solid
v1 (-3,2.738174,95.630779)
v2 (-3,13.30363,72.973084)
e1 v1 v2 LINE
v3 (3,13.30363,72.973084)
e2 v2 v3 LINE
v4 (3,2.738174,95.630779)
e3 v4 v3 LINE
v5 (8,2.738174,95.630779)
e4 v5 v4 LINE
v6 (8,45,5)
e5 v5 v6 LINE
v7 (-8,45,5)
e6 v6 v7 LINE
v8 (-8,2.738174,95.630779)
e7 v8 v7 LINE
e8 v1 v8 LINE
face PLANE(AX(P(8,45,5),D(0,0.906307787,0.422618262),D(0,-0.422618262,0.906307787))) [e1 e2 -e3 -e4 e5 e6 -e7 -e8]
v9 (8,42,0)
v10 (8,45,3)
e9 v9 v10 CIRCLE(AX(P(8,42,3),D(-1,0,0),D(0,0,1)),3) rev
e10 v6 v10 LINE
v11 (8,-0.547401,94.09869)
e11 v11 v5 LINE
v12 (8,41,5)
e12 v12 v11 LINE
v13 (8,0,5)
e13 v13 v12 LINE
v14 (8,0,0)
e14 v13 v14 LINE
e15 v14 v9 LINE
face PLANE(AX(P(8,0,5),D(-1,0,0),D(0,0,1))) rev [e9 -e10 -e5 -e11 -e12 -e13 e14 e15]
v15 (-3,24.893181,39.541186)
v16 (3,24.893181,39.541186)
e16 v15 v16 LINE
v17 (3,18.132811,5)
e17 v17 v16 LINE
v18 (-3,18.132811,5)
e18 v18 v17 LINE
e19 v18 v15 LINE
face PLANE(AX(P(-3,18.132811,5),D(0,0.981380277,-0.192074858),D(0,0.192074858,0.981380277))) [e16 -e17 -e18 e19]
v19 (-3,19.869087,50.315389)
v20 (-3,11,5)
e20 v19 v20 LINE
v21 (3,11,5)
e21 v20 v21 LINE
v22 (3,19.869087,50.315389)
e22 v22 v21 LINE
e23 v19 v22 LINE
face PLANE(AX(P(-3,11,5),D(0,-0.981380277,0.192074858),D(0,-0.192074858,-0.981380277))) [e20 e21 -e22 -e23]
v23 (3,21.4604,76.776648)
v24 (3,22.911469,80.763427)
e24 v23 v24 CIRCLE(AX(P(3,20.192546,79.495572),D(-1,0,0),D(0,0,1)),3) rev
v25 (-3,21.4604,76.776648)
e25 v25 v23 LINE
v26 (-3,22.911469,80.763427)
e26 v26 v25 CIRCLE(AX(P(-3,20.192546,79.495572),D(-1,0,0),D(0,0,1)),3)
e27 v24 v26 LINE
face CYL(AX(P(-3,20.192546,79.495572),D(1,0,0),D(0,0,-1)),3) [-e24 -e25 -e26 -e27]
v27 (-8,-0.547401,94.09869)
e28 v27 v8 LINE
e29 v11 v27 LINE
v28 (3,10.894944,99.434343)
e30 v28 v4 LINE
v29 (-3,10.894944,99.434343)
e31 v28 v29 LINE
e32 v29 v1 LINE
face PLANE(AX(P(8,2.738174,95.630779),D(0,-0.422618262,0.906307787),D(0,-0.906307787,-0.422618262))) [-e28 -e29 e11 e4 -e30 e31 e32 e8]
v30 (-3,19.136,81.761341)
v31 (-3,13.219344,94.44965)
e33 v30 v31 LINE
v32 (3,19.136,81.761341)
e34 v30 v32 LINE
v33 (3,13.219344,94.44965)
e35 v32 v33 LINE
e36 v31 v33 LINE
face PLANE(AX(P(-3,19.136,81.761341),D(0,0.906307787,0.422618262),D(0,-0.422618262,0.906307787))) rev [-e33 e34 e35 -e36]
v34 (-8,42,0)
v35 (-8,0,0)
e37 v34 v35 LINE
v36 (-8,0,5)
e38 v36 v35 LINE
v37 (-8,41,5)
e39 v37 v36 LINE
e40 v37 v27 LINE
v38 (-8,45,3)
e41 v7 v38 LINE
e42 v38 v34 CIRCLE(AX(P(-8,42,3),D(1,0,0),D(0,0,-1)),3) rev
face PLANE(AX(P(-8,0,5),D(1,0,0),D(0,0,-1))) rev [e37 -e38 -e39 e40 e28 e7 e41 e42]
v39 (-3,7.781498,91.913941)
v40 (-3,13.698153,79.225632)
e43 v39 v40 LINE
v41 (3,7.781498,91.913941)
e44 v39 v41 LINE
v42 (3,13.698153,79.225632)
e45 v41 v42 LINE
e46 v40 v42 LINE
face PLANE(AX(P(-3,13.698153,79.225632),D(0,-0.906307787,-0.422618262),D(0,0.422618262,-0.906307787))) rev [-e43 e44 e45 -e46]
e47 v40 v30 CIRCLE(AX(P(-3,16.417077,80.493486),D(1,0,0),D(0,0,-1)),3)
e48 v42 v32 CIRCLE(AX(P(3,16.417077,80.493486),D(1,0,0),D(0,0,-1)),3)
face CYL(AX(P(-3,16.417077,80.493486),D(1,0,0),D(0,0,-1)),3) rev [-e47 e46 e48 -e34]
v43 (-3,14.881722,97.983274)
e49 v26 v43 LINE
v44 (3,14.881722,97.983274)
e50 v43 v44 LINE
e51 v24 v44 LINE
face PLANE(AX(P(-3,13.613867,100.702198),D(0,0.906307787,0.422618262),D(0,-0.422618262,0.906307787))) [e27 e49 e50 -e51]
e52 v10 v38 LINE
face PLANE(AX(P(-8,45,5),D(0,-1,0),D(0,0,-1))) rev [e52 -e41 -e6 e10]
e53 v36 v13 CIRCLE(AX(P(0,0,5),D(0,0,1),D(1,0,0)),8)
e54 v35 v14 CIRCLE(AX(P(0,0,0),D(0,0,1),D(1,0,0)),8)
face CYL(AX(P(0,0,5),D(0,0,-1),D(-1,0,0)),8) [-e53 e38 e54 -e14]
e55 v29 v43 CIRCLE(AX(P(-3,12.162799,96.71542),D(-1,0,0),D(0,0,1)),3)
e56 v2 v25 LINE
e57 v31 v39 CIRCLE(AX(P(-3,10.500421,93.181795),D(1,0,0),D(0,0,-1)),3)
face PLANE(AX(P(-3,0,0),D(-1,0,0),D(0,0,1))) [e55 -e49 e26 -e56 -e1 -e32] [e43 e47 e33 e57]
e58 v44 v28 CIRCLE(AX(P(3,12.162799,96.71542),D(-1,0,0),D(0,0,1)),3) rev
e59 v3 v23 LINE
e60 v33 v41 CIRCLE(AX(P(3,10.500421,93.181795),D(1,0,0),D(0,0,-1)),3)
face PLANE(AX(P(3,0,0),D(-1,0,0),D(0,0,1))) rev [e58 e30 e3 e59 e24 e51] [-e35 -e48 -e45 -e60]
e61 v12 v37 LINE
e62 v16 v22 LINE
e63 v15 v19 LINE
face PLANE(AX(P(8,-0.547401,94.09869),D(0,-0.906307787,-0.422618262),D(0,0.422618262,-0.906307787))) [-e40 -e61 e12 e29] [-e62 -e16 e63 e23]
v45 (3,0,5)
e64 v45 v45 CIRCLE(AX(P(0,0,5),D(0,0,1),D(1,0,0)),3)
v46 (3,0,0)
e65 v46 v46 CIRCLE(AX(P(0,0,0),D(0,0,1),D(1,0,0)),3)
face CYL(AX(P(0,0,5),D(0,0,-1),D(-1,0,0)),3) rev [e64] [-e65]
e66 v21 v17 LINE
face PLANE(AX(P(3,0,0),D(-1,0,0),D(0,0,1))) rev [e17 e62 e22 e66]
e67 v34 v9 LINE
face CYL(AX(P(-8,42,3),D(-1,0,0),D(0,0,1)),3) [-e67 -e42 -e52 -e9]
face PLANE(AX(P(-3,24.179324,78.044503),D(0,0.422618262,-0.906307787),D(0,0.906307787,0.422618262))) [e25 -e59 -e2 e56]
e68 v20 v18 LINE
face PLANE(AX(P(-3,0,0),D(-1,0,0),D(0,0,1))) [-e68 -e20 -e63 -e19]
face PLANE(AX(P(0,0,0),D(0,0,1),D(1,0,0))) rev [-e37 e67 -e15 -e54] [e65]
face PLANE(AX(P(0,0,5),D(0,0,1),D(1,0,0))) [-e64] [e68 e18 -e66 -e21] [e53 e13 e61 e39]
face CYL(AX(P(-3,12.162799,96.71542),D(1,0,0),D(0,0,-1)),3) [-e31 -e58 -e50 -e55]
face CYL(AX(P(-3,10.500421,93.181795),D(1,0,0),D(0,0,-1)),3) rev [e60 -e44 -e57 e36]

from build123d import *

# Parameters (mm, degrees)
CROQUIS1_R                   = 3
SALIENTE_EXTRUIR1_DEPTH      = 5
SALIENTE_EXTRUIR2_DEPTH      = 16
SALIENTE_EXTRUIR3_DEPTH      = 3
SALIENTE_EXTRUIR3_DEPTH_BACK = 3
SALIENTE_EXTRUIR4_DEPTH      = 3
SALIENTE_EXTRUIR4_DEPTH_BACK = 3
REDONDEO1_R                  = 3


with BuildPart() as part:
    # Croquis1 → Saliente-Extruir1 (new body)
    with BuildSketch(Plane.XY):
        with BuildLine():
            Line((-8, 0), (-8, 45))
            Line((-8, 45), (8, 45))
            Line((8, 45), (8, 0))
            ThreePointArc((8, 0), (0, -8), (-8, 0))
        make_face()
        Circle(CROQUIS1_R, mode=Mode.SUBTRACT)
    extrude(amount=SALIENTE_EXTRUIR1_DEPTH)

    # Croquis2 → Saliente-Extruir2 (add)
    with BuildSketch(Plane.ZY.offset(8)):
        Polygon((5, 45), (95.630778704, 2.738173826), (94.098689817, -0.547401393), (5, 41), align=None)
    extrude(amount=-SALIENTE_EXTRUIR2_DEPTH)

    # Croquis3 → Saliente-Extruir3 (add, two sides)
    with BuildSketch(Plane(origin=(0, 0, 0), x_dir=(0, 0, -1), z_dir=(1, 0, 0))) as saliente_extruir3_sk:
        Polygon((-5, 11), (-50.315389352, 19.869086913), (-39.541185822, 24.893180529), (-5, 18.132810961), align=None)
    extrude(amount=SALIENTE_EXTRUIR3_DEPTH)
    extrude(saliente_extruir3_sk.sketch, amount=-SALIENTE_EXTRUIR3_DEPTH_BACK)

    # Croquis4 → Saliente-Extruir4 (add, two sides)
    with BuildSketch(Plane(origin=(0, 0, 0), x_dir=(0, 0, -1), z_dir=(1, 0, 0))) as saliente_extruir4_sk:
        Polygon((-95.630778704, 2.738173826), (-100.702197845, 13.61386727), (-78.044503169, 24.179323814), (-72.973084028, 13.303630369), align=None)
        with BuildLine():
            Line((-79.225631642, 13.698153291), (-91.91394066, 7.781497627))
            ThreePointArc((-91.91394066, 7.781497627), (-95.900718807, 9.232566203), (-94.449650231, 13.219344349))
            Line((-94.449650231, 13.219344349), (-81.761341212, 19.136000013))
            ThreePointArc((-81.761341212, 19.136000013), (-77.774563066, 17.684931437), (-79.225631642, 13.698153291))
        make_face(mode=Mode.SUBTRACT)
    extrude(amount=SALIENTE_EXTRUIR4_DEPTH)
    extrude(saliente_extruir4_sk.sketch, amount=-SALIENTE_EXTRUIR4_DEPTH_BACK)

    # Redondeo1
    redondeo1_edges = [part.edges().sort_by_distance(p)[0] for p in [
        (0, 13.61386727, 100.702197845),
        (0, 24.179323814, 78.044503169),
        (0, 45, 0),
    ]]
    fillet(redondeo1_edges, radius=REDONDEO1_R)


solid = part.part
